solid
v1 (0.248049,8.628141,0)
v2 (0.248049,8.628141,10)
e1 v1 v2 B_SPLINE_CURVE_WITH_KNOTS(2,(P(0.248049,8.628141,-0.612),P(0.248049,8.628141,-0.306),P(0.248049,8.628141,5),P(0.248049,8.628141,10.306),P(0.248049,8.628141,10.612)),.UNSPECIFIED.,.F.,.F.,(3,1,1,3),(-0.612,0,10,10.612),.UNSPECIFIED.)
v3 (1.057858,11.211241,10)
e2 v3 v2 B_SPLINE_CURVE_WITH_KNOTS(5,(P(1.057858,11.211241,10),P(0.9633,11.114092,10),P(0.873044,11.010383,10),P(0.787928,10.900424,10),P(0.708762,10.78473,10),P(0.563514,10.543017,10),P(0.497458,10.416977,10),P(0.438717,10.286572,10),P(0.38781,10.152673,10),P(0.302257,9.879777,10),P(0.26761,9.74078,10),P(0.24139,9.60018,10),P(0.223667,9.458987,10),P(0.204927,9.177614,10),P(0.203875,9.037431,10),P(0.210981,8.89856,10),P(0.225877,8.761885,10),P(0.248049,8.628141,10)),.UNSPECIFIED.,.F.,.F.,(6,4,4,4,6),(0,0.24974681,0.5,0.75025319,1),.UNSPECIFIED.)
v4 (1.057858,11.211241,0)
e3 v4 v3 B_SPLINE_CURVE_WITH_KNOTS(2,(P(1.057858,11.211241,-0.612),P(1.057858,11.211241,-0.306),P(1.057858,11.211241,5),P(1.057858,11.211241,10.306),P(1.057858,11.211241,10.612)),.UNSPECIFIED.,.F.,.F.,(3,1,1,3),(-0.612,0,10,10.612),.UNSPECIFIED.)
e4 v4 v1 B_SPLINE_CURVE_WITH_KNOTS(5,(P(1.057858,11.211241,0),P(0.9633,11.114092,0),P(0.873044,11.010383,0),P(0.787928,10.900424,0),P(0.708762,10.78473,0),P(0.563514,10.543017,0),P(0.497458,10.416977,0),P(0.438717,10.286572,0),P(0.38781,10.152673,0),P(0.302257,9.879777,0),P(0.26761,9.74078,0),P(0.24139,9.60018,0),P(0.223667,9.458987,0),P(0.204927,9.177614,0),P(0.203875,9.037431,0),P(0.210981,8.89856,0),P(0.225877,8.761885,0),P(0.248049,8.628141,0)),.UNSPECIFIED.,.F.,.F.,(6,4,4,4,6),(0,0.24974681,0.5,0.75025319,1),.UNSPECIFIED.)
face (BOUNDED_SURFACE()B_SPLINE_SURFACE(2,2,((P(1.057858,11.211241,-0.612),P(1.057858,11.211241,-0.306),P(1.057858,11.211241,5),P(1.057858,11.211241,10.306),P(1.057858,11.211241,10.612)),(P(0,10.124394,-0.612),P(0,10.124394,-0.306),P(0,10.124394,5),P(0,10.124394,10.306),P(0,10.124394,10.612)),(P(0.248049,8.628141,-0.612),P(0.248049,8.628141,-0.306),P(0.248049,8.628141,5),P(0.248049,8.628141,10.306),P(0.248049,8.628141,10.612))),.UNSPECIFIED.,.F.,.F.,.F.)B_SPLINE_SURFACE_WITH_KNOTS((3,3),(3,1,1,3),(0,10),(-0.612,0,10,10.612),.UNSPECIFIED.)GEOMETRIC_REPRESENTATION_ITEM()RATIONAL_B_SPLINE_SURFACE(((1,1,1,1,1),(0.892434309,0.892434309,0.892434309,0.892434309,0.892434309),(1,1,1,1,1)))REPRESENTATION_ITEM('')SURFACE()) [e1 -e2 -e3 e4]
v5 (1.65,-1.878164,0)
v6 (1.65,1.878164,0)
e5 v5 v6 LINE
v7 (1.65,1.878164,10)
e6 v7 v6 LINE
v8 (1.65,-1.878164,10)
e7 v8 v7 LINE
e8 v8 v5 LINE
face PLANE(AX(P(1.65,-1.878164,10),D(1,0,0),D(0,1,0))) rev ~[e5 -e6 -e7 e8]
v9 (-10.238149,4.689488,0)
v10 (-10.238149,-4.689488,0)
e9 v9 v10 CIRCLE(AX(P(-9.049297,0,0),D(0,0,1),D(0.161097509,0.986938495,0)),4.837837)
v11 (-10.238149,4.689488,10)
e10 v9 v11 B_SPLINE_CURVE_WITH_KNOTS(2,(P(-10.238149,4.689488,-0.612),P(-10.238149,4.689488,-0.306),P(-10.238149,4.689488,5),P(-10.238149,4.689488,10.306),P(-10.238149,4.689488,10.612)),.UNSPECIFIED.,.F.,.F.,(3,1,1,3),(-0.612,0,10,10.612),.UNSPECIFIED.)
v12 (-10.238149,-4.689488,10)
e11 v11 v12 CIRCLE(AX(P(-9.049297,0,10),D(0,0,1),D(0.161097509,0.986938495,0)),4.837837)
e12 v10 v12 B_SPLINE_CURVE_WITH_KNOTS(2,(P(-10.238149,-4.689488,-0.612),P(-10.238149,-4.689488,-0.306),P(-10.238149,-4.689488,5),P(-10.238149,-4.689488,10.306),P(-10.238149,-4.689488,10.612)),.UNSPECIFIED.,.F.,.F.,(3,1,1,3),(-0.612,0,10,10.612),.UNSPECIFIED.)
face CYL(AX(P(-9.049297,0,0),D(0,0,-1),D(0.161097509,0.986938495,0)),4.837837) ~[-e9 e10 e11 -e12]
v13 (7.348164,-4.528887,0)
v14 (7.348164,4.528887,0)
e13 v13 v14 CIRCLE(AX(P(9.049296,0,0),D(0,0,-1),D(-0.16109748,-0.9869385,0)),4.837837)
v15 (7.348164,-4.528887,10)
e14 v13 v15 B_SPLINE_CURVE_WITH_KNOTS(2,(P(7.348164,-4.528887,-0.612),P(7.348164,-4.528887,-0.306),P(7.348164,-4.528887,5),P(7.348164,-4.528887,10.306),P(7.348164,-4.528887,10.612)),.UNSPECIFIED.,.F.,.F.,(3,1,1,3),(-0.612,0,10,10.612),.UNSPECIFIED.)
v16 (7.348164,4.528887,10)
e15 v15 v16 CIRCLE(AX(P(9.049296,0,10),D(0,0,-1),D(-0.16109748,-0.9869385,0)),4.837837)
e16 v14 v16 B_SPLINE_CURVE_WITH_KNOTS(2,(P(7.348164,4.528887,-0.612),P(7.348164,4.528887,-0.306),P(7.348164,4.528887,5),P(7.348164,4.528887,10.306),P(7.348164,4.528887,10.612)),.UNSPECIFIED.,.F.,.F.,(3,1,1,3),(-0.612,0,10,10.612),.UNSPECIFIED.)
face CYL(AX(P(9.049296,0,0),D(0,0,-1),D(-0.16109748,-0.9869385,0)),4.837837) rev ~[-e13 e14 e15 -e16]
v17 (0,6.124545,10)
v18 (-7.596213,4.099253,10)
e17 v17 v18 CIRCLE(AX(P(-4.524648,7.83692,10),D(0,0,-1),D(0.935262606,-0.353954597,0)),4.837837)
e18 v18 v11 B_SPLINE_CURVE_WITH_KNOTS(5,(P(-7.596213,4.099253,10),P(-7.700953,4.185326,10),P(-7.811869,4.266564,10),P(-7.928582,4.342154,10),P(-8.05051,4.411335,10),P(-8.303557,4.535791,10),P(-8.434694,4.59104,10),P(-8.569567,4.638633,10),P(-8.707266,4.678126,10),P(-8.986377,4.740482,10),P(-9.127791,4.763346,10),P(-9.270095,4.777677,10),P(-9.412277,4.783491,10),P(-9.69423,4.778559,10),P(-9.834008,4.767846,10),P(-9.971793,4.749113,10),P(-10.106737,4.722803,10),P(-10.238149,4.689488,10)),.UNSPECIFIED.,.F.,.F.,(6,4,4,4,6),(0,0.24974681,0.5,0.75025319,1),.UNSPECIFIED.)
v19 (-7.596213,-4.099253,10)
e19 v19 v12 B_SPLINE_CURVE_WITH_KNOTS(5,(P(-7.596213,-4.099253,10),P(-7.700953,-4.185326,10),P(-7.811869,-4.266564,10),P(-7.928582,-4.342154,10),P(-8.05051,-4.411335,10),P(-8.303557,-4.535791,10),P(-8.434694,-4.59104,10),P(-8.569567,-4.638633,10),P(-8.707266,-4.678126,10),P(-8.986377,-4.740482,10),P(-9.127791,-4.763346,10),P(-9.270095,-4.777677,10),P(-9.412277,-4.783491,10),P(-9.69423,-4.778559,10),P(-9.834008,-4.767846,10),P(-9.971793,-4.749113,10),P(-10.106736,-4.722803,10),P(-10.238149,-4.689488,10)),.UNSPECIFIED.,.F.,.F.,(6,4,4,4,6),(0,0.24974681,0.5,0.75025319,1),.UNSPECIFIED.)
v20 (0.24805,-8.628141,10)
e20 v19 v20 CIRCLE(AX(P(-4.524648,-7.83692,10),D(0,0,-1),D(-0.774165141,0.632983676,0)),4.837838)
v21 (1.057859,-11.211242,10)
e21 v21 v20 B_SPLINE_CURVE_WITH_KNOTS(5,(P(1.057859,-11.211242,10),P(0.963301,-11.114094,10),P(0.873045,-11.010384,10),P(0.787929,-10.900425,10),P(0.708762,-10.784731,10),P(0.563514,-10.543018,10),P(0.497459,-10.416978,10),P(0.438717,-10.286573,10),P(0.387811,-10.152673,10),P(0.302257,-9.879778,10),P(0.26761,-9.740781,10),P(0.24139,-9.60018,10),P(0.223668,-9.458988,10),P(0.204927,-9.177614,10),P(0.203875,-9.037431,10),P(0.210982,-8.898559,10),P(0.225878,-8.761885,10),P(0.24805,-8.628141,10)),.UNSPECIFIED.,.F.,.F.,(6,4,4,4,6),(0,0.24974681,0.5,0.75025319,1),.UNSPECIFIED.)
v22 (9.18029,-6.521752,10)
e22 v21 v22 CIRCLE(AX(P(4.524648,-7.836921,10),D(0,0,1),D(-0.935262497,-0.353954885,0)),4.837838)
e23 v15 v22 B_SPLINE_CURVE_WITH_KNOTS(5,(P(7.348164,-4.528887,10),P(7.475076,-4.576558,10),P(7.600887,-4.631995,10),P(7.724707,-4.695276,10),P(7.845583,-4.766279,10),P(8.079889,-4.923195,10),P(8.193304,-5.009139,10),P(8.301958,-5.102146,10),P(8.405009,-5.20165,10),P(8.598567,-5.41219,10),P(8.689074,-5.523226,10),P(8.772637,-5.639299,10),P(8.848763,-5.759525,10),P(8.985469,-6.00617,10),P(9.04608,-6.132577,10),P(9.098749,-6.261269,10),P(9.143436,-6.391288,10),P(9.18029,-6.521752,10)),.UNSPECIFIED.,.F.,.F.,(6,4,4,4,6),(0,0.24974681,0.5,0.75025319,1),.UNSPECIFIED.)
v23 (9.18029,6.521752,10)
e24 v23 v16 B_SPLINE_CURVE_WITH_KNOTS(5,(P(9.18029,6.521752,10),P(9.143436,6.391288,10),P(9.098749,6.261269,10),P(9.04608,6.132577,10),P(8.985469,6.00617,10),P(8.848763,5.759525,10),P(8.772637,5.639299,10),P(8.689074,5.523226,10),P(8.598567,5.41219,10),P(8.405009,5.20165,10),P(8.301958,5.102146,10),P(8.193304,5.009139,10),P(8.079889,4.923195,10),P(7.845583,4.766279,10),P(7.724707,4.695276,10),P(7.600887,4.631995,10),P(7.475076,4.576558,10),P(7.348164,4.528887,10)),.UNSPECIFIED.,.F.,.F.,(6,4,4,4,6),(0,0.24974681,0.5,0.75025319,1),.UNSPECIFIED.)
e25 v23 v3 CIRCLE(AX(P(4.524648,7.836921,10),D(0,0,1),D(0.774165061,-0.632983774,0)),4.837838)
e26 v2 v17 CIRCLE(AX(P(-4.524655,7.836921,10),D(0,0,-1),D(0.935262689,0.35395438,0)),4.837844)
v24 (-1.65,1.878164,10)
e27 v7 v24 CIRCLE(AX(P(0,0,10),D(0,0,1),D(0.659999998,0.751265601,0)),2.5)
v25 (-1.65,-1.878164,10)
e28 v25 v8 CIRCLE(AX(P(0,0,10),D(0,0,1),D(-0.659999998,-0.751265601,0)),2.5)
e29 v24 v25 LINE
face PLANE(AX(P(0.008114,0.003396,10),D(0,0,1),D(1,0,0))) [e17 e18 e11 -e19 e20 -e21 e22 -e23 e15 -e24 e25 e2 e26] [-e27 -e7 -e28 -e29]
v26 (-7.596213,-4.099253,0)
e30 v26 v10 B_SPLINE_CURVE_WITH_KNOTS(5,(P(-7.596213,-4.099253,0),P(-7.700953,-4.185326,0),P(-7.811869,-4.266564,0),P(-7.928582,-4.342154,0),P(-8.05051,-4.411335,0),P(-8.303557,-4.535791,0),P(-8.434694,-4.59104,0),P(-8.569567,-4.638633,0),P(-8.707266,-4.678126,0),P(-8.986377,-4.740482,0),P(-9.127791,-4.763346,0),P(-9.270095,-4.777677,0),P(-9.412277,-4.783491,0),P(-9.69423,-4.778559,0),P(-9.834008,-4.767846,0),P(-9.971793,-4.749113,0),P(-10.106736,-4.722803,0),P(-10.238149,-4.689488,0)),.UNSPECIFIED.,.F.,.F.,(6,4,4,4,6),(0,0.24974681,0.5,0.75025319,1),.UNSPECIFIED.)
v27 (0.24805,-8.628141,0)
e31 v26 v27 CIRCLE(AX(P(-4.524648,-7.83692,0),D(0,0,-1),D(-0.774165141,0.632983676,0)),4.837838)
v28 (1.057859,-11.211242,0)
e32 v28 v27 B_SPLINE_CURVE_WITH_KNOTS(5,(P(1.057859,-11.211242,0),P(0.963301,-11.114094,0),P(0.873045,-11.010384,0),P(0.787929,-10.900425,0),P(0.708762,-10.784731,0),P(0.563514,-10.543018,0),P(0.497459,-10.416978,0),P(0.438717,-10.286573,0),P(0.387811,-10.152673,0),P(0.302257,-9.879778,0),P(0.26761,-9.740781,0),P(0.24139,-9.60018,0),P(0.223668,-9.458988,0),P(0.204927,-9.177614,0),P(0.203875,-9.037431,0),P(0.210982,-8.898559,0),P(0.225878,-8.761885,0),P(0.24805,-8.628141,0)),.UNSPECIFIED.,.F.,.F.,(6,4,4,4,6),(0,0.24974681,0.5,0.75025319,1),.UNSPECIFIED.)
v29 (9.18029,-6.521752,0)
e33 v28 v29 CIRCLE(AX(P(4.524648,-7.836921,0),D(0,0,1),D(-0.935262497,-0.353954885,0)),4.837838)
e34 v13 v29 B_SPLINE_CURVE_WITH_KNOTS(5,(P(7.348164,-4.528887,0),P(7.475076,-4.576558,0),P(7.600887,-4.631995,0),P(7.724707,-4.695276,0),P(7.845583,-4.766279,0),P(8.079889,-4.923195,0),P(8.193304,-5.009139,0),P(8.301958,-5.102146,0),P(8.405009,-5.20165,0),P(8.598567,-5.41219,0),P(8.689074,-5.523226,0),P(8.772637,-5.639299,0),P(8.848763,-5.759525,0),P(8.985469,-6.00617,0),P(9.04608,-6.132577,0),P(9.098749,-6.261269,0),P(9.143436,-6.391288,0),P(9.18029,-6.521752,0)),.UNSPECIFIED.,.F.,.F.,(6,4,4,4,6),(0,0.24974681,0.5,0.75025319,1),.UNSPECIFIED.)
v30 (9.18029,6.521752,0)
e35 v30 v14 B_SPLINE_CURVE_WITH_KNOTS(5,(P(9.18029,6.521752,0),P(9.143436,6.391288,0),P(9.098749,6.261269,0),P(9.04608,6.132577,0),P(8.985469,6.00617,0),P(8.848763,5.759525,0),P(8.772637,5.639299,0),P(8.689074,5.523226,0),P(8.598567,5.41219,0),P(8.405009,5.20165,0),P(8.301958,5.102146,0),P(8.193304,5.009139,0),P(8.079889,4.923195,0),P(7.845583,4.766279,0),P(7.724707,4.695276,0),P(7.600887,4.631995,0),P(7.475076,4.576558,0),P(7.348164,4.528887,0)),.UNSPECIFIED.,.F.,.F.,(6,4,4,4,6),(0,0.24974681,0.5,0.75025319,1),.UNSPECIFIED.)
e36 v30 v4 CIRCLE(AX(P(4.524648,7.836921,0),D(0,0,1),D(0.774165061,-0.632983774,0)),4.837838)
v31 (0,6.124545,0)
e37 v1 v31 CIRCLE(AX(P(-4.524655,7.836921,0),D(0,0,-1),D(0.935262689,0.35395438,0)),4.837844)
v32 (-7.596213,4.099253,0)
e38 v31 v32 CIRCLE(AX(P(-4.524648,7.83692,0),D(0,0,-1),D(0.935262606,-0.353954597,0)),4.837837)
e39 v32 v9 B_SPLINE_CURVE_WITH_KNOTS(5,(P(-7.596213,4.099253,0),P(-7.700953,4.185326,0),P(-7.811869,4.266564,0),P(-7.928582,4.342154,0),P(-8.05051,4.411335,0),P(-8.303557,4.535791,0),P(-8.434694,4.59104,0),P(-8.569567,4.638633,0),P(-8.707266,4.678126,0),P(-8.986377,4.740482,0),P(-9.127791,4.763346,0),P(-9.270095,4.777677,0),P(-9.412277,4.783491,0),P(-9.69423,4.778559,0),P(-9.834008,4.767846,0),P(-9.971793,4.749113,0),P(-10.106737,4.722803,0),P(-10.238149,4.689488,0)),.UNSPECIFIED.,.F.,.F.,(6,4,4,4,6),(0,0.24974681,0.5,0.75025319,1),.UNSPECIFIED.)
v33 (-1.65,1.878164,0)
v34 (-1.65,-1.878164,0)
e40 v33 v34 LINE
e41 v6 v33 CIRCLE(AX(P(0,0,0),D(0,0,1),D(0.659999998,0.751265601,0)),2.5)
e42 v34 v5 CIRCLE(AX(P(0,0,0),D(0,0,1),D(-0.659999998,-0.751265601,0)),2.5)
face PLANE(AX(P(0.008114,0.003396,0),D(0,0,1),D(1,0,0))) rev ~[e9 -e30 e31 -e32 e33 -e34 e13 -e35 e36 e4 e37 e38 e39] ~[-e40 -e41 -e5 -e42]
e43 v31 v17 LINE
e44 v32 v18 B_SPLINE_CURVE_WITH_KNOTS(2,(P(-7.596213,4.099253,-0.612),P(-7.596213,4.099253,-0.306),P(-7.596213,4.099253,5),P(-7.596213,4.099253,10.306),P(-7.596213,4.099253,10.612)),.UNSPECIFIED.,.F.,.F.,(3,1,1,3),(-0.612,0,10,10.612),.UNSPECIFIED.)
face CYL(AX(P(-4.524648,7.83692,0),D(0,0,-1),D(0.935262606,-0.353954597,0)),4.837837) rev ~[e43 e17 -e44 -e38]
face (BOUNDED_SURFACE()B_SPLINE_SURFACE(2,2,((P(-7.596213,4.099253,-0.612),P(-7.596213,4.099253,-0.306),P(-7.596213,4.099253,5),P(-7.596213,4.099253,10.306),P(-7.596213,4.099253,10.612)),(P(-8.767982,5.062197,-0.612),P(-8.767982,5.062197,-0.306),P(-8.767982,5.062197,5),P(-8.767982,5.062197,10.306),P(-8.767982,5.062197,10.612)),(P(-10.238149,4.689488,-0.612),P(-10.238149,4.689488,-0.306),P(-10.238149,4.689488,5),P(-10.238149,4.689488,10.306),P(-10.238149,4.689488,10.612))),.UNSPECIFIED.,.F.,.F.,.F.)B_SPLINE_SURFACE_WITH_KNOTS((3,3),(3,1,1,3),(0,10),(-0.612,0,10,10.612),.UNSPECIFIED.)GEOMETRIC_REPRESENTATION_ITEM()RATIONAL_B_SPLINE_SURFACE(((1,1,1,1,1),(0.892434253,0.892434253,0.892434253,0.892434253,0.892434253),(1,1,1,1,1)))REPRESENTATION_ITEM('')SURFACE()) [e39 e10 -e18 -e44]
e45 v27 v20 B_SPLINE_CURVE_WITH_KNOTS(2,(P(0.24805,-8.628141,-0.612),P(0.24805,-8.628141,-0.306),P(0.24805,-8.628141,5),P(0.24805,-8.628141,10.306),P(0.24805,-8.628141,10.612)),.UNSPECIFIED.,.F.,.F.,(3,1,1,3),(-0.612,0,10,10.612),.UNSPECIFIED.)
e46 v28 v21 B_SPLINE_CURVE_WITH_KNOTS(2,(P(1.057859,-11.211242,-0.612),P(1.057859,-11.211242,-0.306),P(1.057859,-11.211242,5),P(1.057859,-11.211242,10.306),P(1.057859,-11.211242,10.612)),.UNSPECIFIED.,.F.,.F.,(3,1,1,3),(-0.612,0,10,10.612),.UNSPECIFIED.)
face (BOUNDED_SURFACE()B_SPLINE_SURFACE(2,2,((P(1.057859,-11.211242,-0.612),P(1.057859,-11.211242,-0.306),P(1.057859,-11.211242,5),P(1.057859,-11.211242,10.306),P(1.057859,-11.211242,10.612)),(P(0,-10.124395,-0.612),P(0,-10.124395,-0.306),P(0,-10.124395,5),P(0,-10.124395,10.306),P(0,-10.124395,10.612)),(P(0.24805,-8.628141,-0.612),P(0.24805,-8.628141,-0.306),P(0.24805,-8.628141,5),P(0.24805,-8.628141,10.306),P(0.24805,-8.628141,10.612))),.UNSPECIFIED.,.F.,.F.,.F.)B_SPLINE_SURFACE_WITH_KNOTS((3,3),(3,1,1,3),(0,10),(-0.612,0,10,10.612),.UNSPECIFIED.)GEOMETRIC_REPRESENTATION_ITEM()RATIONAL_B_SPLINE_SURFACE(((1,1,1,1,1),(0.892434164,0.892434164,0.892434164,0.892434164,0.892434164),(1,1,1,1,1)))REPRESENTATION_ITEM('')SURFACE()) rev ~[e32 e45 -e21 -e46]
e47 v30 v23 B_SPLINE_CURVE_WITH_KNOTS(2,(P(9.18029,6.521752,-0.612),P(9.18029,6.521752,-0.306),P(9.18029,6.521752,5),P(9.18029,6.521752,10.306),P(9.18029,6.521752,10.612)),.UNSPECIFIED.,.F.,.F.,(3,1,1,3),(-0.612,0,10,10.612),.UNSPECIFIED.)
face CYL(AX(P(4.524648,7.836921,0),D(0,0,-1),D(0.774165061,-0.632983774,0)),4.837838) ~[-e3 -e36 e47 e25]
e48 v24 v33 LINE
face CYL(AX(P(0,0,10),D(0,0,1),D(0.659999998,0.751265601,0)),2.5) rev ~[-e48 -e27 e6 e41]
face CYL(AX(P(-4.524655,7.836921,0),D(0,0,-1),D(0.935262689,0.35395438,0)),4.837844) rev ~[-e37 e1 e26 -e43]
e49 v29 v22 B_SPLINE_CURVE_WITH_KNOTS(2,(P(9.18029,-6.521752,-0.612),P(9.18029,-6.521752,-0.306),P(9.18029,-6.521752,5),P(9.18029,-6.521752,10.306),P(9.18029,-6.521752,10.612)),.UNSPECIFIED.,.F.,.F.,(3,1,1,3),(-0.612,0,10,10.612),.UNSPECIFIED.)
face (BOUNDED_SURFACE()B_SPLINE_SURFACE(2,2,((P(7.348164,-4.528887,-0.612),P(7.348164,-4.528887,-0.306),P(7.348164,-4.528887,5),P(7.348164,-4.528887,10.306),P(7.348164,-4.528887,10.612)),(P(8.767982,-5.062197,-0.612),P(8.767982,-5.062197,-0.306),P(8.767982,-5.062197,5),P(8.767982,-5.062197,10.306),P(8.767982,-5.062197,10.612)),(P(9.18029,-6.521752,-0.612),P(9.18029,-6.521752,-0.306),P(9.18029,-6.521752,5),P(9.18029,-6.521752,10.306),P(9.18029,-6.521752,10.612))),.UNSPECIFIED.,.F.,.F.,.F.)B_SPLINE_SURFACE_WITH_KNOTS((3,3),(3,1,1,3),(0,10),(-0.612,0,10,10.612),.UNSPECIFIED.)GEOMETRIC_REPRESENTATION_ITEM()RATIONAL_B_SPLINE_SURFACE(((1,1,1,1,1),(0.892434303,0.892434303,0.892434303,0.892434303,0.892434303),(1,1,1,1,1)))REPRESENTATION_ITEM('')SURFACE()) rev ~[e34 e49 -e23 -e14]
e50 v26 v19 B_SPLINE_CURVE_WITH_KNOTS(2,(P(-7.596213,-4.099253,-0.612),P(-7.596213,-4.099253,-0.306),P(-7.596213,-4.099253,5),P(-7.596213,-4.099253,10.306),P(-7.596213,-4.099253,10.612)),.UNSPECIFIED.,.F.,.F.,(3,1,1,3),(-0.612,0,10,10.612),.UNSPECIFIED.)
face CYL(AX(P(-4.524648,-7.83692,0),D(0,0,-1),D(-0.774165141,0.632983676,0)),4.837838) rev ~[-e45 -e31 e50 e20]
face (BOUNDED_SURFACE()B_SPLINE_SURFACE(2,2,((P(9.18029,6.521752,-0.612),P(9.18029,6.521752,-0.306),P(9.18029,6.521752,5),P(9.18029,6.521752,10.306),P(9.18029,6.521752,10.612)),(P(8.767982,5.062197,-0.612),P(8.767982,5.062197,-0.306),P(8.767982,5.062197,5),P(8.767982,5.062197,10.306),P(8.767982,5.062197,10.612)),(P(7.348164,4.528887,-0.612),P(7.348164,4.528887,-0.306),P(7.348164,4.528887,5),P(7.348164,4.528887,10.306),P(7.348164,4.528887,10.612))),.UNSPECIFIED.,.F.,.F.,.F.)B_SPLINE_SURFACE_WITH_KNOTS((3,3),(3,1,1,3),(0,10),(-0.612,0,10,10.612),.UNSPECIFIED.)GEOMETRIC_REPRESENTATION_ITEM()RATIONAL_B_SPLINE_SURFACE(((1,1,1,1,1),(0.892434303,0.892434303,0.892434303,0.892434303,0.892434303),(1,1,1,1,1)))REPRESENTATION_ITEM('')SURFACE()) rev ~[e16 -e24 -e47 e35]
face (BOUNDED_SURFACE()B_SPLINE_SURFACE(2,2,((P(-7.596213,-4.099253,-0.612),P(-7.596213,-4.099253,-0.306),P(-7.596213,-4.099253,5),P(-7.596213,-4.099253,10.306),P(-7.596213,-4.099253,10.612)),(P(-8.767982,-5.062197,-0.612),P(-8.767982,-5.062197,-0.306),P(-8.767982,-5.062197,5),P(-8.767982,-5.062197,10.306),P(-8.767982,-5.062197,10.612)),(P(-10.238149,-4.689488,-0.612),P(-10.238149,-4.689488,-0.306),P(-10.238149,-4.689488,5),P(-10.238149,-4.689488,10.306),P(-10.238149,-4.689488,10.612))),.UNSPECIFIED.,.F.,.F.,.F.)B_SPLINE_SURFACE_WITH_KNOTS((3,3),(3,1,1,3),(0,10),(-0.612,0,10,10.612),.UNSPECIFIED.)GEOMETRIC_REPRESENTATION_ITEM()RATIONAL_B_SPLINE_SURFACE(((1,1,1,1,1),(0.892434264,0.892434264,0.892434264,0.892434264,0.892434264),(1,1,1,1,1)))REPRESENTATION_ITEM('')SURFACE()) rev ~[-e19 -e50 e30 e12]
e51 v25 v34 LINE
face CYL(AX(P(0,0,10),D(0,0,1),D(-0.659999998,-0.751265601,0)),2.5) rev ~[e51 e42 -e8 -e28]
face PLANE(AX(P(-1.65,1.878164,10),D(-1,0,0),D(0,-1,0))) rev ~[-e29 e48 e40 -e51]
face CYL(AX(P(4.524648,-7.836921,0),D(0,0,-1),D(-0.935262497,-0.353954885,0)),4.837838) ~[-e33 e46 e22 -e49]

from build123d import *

# Parameters (mm, degrees)
F1_DEPTH = 10
F3_DEPTH = 10.001
F4_R     = 3


with BuildPart() as f1:
    # F0 (on Top) → F1 (new body)
    with BuildSketch(Plane.XY):
        with BuildLine():
            ThreePointArc((8.269933, 4.774648), (6.943567, 12.026611), (0, 9.549297))
            ThreePointArc((0, 9.549297), (0.313189, 7.836921), (0, 6.124545))
            ThreePointArc((0, 6.124545), (-3.745285, 3.062272), (-8.269933, 4.774648))
            ThreePointArc((-8.269933, 4.774648), (-13.887134, 0), (-8.269933, -4.774648))
            ThreePointArc((-8.269933, -4.774648), (-2.105729, -3.64723), (0, -9.549297))
            ThreePointArc((0, -9.549297), (6.943567, -12.026611), (8.269933, -4.774648))
            ThreePointArc((8.269933, -4.774648), (4.211459, 0), (8.269933, 4.774648))
        make_face()
    extrude(amount=F1_DEPTH)

    # F2 (on face) → F3 (cut, through all)
    with BuildSketch(Plane.XY.offset(10)):
        with BuildLine():
            Line((-1.65, 1.878164), (-1.65, -1.878164))
            ThreePointArc((-1.65, -1.878164), (0, -2.5), (1.65, -1.878164))
            Line((1.65, -1.878164), (1.65, 1.878164))
            ThreePointArc((1.65, 1.878164), (0, 2.5), (-1.65, 1.878164))
        make_face()
    extrude(amount=-F3_DEPTH, mode=Mode.SUBTRACT)

    # F4
    f4_edges = [f1.edges().sort_by_distance(p)[0] for p in [
        (0, 9.549297, 5),
        (8.269933, 4.774648, 5),
        (8.269933, -4.774648, 5),
        (-8.269933, -4.774648, 5),
        (-8.269933, 4.774648, 5),
        (0, -9.549297, 5),
    ]]
    fillet(f4_edges, radius=F4_R)


solid = f1.part
